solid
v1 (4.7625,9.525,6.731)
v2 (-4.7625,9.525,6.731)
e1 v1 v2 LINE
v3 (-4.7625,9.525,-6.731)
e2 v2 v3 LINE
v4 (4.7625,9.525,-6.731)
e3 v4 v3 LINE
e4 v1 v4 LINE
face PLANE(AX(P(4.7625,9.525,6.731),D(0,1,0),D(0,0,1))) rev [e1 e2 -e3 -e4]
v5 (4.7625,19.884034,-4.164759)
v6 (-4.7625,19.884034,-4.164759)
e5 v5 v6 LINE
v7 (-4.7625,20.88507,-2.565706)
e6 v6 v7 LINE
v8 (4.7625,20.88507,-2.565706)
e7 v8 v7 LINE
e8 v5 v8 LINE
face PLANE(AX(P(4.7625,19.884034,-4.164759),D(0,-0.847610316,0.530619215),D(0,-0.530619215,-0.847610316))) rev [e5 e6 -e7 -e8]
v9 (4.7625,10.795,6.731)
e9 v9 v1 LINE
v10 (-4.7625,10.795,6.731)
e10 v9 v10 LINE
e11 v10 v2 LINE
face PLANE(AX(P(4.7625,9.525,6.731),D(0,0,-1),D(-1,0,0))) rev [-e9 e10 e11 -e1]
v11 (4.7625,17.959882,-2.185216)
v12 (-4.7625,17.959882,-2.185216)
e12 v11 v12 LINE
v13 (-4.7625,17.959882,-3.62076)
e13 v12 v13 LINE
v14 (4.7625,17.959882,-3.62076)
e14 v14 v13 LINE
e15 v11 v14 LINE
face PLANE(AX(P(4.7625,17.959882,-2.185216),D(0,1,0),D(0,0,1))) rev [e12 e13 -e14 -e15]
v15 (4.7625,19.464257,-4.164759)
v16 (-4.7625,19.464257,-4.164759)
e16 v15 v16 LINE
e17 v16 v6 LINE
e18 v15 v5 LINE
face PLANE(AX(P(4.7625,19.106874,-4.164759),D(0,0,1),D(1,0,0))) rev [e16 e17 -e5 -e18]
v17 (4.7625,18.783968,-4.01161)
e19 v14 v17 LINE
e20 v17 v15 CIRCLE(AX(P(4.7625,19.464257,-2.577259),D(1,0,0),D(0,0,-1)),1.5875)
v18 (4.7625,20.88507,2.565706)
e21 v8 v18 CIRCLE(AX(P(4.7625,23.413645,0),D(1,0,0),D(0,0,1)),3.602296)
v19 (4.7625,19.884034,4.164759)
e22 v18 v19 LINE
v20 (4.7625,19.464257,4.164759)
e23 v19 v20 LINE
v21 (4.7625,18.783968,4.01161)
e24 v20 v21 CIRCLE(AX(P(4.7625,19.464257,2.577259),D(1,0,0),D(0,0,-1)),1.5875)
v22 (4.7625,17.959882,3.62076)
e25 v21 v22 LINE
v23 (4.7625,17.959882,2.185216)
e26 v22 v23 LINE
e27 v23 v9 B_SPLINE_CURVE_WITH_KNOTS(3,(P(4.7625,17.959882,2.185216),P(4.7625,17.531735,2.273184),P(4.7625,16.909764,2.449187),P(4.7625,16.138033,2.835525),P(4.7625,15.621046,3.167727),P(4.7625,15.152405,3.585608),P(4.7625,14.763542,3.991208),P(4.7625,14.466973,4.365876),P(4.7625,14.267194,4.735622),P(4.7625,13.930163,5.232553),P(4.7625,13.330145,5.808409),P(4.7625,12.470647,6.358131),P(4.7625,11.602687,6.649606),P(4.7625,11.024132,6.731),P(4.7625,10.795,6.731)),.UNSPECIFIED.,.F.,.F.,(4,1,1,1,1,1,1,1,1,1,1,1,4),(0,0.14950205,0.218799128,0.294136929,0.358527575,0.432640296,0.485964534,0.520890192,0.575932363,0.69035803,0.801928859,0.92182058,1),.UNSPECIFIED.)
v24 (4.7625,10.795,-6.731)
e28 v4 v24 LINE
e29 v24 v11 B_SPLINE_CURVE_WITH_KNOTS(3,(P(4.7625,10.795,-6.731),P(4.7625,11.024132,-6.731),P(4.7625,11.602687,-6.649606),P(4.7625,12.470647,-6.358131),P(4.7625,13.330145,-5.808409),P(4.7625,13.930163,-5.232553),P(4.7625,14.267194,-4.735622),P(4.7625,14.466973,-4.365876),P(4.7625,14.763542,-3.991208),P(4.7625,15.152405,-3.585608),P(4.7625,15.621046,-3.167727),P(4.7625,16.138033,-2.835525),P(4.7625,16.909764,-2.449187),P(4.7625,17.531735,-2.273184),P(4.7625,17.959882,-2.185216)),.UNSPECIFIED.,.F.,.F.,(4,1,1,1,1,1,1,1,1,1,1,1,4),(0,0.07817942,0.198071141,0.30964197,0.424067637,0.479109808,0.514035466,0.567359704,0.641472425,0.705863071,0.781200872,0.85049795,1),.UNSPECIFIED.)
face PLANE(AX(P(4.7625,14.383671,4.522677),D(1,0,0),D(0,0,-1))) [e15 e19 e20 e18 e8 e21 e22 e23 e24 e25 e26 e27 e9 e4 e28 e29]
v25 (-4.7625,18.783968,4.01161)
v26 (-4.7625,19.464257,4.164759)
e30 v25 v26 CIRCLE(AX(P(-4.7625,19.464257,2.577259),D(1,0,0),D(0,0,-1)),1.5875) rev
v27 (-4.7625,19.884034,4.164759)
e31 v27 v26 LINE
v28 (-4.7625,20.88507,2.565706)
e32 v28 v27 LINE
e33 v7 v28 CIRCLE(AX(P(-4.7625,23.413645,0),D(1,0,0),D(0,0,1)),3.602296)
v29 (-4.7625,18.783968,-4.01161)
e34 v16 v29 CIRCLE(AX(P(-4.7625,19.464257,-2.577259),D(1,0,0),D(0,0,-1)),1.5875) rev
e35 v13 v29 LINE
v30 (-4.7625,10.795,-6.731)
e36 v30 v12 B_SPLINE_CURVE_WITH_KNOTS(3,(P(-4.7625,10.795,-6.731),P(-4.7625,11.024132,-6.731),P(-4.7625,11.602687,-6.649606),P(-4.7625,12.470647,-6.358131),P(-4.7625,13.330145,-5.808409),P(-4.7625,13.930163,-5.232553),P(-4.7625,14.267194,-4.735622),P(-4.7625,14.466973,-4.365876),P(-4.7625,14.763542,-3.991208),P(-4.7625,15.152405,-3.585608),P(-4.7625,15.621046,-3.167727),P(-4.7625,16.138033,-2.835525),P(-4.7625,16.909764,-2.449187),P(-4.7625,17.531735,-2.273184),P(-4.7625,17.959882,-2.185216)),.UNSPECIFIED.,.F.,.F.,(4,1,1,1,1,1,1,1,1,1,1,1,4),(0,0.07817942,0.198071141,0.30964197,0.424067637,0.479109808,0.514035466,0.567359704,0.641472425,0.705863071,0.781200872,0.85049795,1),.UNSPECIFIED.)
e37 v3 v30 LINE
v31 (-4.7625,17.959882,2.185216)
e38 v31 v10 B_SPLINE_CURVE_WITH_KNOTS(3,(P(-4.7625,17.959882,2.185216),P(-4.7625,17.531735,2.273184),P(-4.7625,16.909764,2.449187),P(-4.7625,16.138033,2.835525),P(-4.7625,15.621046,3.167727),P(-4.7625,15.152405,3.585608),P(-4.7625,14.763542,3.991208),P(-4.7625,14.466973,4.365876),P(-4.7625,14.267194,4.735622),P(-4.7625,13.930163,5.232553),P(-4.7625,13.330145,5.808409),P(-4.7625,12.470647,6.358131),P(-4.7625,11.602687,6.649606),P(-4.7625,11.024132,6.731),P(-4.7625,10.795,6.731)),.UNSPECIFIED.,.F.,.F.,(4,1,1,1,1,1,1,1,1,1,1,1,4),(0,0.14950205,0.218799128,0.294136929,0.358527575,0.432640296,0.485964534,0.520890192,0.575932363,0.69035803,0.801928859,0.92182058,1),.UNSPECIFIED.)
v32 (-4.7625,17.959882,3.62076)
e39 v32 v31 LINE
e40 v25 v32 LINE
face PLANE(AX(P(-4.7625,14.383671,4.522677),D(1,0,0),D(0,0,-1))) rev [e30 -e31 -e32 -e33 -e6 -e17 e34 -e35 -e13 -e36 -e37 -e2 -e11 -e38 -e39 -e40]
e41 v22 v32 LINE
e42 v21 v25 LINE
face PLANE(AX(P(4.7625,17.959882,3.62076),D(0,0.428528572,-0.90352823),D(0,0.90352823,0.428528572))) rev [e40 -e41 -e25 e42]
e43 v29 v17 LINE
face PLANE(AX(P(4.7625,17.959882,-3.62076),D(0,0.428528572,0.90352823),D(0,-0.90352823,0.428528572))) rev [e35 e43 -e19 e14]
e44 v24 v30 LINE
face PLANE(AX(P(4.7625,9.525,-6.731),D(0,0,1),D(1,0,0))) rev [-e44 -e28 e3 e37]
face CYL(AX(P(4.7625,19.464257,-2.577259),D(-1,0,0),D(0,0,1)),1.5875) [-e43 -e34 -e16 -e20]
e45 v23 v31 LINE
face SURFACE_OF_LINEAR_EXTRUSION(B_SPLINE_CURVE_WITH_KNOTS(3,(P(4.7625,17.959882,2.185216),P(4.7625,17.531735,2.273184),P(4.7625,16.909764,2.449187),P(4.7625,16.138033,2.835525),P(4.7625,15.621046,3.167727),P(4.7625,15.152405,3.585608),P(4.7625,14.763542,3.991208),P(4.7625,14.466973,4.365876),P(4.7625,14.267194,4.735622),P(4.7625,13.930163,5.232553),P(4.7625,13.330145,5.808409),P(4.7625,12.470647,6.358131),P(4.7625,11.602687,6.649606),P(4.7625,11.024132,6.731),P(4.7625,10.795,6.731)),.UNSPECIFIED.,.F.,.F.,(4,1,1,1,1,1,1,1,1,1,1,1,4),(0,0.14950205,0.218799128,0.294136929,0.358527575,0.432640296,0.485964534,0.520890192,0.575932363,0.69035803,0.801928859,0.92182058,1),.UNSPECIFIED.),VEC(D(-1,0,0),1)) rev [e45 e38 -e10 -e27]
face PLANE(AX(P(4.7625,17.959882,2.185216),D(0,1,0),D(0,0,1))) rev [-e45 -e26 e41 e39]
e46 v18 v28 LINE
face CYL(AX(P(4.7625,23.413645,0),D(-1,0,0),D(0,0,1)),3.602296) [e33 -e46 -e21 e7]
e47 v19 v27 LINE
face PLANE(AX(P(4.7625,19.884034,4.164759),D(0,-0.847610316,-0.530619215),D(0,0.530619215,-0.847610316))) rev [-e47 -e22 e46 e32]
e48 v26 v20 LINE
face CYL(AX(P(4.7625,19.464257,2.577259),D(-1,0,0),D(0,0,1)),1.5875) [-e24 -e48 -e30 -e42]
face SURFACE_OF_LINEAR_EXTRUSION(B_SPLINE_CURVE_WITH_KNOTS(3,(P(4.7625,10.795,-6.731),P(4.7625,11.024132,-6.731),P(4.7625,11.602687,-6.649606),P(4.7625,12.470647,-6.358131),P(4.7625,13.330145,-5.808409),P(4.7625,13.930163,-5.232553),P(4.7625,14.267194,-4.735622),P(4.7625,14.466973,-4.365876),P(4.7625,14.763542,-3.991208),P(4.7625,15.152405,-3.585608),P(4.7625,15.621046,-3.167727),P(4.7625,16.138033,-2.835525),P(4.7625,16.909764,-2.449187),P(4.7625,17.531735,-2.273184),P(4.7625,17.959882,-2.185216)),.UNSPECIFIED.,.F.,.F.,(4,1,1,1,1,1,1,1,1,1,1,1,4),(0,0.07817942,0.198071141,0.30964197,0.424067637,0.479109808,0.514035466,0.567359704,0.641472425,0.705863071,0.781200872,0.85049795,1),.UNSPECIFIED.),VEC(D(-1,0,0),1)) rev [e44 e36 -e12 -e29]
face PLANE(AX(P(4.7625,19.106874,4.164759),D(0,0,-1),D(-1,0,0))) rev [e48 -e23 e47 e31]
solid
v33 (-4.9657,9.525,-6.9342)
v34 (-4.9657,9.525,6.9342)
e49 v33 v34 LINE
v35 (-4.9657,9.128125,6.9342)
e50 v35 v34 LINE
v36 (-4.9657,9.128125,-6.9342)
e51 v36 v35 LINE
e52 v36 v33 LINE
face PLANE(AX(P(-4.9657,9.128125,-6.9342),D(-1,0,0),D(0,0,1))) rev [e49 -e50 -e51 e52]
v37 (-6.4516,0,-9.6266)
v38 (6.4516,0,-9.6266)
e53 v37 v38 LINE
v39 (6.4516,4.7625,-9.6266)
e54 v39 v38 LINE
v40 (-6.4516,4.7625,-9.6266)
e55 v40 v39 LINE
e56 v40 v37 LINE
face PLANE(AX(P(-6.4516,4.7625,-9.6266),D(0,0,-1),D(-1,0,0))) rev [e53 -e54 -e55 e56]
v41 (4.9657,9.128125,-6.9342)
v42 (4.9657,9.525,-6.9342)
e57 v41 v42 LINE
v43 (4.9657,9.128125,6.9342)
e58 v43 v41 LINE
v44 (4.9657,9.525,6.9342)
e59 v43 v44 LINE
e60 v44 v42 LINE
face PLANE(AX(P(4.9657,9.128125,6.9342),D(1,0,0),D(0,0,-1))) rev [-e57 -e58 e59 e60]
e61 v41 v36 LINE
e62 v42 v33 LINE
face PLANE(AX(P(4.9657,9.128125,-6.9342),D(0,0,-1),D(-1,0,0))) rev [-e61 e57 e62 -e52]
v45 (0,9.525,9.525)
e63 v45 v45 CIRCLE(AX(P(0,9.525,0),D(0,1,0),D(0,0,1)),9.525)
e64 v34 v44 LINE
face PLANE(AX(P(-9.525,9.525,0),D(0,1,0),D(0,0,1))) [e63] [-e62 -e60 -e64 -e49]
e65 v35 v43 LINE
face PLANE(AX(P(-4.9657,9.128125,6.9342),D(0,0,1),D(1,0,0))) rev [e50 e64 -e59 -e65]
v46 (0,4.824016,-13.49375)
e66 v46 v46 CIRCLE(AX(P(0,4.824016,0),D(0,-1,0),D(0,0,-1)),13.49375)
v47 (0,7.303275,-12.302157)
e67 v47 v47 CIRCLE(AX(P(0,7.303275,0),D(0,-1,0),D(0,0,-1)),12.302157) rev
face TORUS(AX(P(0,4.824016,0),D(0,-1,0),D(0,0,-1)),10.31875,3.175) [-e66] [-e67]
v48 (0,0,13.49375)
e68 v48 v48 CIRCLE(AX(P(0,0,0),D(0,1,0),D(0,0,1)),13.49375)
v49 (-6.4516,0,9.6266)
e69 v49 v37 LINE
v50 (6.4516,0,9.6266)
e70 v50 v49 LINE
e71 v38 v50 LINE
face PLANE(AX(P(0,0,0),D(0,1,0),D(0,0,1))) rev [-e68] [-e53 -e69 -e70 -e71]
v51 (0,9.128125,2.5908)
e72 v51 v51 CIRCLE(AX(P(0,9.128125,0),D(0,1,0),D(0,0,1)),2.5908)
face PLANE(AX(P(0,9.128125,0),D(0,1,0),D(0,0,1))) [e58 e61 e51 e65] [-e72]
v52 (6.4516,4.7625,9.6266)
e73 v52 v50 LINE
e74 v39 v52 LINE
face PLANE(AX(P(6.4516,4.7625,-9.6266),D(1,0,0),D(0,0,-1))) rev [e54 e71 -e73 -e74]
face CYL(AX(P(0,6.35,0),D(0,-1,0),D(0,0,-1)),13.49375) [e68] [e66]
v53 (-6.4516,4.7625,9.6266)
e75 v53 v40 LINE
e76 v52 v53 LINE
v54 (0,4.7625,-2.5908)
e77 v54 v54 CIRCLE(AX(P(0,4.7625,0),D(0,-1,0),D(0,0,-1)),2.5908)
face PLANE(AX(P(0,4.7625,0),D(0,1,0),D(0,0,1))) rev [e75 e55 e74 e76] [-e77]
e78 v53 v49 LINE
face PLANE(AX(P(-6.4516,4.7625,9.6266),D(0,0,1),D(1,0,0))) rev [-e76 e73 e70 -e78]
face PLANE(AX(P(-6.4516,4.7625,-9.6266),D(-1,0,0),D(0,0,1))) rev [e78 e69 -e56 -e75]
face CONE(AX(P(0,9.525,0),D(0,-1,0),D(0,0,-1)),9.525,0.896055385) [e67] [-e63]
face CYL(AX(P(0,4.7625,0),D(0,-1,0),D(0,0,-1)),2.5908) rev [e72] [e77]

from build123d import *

# Parameters (mm, degrees)
SKETCH1_R           = 13.49375
BOSS_EXTRUDE1_DEPTH = 6.35
SKETCH2_W           = 12.9032
SKETCH2_H           = 19.2532
CUT_EXTRUDE1_DEPTH  = 4.7625
FILLET1_R           = 3.175
BOSS_EXTRUDE2_DEPTH = 4.7625
FILLET3_R           = 1.5875
SKETCH6_W           = 9.9314
SKETCH6_H           = 13.8684
CUT_EXTRUDE2_DEPTH  = 0.396875
SKETCH9_W           = 2.5908
SKETCH9_H           = 22.253441323


with BuildPart() as part:
    # Sketch1 → Boss-Extrude1 (new body)
    with BuildSketch(Plane(origin=(0, 0, 0), x_dir=(1, 0, 0), z_dir=(0, 1, 0))):
        with Locations(Location((0, 0, 0), (0, 0, 270))):
            Circle(SKETCH1_R)
    extrude(amount=BOSS_EXTRUDE1_DEPTH)

    # Sketch2 → Cut-Extrude1 (cut)
    with BuildSketch(Plane.XZ):
        Rectangle(SKETCH2_W, SKETCH2_H)
    extrude(amount=-CUT_EXTRUDE1_DEPTH, mode=Mode.SUBTRACT)

    # Sketch4 → Revolve1 (revolve)
    with BuildSketch(Plane.XY, mode=Mode.PRIVATE) as revolve1_sk:
        Polygon((-13.49375, 6.35), (-9.525, 9.525), (0, 9.525), (0, 6.35), align=None)
    revolve(revolve1_sk.sketch.rotate(Axis((0, 9.525, 0), (0, -1, 0)), 270), axis=Axis((0, 9.525, 0), (0, -1, 0)))

    # Fillet1
    fillet1_edges = [part.edges().sort_by_distance(p)[0] for p in [
        (0, 6.35, -13.49375),
    ]]
    fillet(fillet1_edges, radius=FILLET1_R)

    # Sketch6 → Cut-Extrude2 (cut)
    with BuildSketch(Plane(origin=(0, 9.525, 0), x_dir=(1, 0, 0), z_dir=(0, 1, 0))):
        Rectangle(SKETCH6_W, SKETCH6_H)
    extrude(amount=-CUT_EXTRUDE2_DEPTH, mode=Mode.SUBTRACT)

    # Sketch9 → #6 (0.204) Diameter Hole1 (revolve, cut)
    with BuildSketch(Plane(origin=(0, 4.7625, 0), x_dir=(0, 0, -1), z_dir=(1, 0, 0))):
        with Locations((1.2954, 11.126720662)):
            Rectangle(SKETCH9_W, SKETCH9_H)
    revolve(axis=Axis((0, -1.5875, 0), (0, 1, 0)), mode=Mode.SUBTRACT)


with BuildPart() as body_2:
    # Sketch5 → Boss-Extrude2 (new, symmetric)
    with BuildSketch(Plane(origin=(0, 0, 0), x_dir=(0, 0, -1), z_dir=(1, 0, 0))):
        with BuildLine():
            Line((-6.731, 9.525), (6.731, 9.525))
            Line((6.731, 9.525), (6.731, 10.795))
            add(Edge.make_bspline(
                [(6.731, 10.795), (6.731, 11.024131927), (6.649606127, 11.602687461), (6.358131175, 12.470647258), (5.808408605, 13.330145179), (5.232553241, 13.930163377), (4.735621925, 14.267193507), (4.365875944, 14.466973106), (3.991208167, 14.763542309), (3.585608323, 15.152405246), (3.167726873, 15.621045959), (2.83552458, 16.138033377), (2.44918748, 16.909764468), (2.273183873, 17.531735358), (2.185216272, 17.959882493)],
                knots=[0, 0, 0, 0, 0.07817942, 0.198071141, 0.30964197, 0.424067637, 0.479109808, 0.514035466, 0.567359704, 0.641472425, 0.705863071, 0.781200872, 0.85049795, 1, 1, 1, 1], degree=3))
            Line((2.185216272, 17.959882493), (3.620759547, 17.959882493))
            Line((3.620759547, 17.959882493), (4.164758741, 19.106873992))
            Line((4.164758741, 19.106873992), (4.164758741, 19.884034181))
            Line((4.164758741, 19.884034181), (2.565705919, 20.885069842))
            ThreePointArc((2.565705919, 20.885069842), (0, 27.015941323), (-2.565705919, 20.885069842))
            Line((-2.565705919, 20.885069842), (-4.164758741, 19.884034181))
            Line((-4.164758741, 19.884034181), (-4.164758741, 19.106873992))
            Line((-4.164758741, 19.106873992), (-3.620759547, 17.959882493))
            Line((-3.620759547, 17.959882493), (-2.185216272, 17.959882493))
            add(Edge.make_bspline(
                [(-6.731, 10.795), (-6.731, 11.024131927), (-6.649606127, 11.602687461), (-6.358131175, 12.470647258), (-5.808408605, 13.330145179), (-5.232553241, 13.930163377), (-4.735621925, 14.267193507), (-4.365875944, 14.466973106), (-3.991208167, 14.763542309), (-3.585608323, 15.152405246), (-3.167726873, 15.621045959), (-2.83552458, 16.138033377), (-2.44918748, 16.909764468), (-2.273183873, 17.531735358), (-2.185216272, 17.959882493)],
                knots=[0, 0, 0, 0, 0.07817942, 0.198071141, 0.30964197, 0.424067637, 0.479109808, 0.514035466, 0.567359704, 0.641472425, 0.705863071, 0.781200872, 0.85049795, 1, 1, 1, 1], degree=3))
            Line((-6.731, 10.795), (-6.731, 9.525))
        make_face()
    extrude(amount=BOSS_EXTRUDE2_DEPTH, both=True)

    # Fillet3
    fillet3_edges = [body_2.edges().sort_by_distance(p)[0] for p in [
        (0, 19.106873992, 4.164758741),
        (0, 19.106873992, -4.164758741),
    ]]
    fillet(fillet3_edges, radius=FILLET3_R)


solid = Compound([part.part, body_2.part])
